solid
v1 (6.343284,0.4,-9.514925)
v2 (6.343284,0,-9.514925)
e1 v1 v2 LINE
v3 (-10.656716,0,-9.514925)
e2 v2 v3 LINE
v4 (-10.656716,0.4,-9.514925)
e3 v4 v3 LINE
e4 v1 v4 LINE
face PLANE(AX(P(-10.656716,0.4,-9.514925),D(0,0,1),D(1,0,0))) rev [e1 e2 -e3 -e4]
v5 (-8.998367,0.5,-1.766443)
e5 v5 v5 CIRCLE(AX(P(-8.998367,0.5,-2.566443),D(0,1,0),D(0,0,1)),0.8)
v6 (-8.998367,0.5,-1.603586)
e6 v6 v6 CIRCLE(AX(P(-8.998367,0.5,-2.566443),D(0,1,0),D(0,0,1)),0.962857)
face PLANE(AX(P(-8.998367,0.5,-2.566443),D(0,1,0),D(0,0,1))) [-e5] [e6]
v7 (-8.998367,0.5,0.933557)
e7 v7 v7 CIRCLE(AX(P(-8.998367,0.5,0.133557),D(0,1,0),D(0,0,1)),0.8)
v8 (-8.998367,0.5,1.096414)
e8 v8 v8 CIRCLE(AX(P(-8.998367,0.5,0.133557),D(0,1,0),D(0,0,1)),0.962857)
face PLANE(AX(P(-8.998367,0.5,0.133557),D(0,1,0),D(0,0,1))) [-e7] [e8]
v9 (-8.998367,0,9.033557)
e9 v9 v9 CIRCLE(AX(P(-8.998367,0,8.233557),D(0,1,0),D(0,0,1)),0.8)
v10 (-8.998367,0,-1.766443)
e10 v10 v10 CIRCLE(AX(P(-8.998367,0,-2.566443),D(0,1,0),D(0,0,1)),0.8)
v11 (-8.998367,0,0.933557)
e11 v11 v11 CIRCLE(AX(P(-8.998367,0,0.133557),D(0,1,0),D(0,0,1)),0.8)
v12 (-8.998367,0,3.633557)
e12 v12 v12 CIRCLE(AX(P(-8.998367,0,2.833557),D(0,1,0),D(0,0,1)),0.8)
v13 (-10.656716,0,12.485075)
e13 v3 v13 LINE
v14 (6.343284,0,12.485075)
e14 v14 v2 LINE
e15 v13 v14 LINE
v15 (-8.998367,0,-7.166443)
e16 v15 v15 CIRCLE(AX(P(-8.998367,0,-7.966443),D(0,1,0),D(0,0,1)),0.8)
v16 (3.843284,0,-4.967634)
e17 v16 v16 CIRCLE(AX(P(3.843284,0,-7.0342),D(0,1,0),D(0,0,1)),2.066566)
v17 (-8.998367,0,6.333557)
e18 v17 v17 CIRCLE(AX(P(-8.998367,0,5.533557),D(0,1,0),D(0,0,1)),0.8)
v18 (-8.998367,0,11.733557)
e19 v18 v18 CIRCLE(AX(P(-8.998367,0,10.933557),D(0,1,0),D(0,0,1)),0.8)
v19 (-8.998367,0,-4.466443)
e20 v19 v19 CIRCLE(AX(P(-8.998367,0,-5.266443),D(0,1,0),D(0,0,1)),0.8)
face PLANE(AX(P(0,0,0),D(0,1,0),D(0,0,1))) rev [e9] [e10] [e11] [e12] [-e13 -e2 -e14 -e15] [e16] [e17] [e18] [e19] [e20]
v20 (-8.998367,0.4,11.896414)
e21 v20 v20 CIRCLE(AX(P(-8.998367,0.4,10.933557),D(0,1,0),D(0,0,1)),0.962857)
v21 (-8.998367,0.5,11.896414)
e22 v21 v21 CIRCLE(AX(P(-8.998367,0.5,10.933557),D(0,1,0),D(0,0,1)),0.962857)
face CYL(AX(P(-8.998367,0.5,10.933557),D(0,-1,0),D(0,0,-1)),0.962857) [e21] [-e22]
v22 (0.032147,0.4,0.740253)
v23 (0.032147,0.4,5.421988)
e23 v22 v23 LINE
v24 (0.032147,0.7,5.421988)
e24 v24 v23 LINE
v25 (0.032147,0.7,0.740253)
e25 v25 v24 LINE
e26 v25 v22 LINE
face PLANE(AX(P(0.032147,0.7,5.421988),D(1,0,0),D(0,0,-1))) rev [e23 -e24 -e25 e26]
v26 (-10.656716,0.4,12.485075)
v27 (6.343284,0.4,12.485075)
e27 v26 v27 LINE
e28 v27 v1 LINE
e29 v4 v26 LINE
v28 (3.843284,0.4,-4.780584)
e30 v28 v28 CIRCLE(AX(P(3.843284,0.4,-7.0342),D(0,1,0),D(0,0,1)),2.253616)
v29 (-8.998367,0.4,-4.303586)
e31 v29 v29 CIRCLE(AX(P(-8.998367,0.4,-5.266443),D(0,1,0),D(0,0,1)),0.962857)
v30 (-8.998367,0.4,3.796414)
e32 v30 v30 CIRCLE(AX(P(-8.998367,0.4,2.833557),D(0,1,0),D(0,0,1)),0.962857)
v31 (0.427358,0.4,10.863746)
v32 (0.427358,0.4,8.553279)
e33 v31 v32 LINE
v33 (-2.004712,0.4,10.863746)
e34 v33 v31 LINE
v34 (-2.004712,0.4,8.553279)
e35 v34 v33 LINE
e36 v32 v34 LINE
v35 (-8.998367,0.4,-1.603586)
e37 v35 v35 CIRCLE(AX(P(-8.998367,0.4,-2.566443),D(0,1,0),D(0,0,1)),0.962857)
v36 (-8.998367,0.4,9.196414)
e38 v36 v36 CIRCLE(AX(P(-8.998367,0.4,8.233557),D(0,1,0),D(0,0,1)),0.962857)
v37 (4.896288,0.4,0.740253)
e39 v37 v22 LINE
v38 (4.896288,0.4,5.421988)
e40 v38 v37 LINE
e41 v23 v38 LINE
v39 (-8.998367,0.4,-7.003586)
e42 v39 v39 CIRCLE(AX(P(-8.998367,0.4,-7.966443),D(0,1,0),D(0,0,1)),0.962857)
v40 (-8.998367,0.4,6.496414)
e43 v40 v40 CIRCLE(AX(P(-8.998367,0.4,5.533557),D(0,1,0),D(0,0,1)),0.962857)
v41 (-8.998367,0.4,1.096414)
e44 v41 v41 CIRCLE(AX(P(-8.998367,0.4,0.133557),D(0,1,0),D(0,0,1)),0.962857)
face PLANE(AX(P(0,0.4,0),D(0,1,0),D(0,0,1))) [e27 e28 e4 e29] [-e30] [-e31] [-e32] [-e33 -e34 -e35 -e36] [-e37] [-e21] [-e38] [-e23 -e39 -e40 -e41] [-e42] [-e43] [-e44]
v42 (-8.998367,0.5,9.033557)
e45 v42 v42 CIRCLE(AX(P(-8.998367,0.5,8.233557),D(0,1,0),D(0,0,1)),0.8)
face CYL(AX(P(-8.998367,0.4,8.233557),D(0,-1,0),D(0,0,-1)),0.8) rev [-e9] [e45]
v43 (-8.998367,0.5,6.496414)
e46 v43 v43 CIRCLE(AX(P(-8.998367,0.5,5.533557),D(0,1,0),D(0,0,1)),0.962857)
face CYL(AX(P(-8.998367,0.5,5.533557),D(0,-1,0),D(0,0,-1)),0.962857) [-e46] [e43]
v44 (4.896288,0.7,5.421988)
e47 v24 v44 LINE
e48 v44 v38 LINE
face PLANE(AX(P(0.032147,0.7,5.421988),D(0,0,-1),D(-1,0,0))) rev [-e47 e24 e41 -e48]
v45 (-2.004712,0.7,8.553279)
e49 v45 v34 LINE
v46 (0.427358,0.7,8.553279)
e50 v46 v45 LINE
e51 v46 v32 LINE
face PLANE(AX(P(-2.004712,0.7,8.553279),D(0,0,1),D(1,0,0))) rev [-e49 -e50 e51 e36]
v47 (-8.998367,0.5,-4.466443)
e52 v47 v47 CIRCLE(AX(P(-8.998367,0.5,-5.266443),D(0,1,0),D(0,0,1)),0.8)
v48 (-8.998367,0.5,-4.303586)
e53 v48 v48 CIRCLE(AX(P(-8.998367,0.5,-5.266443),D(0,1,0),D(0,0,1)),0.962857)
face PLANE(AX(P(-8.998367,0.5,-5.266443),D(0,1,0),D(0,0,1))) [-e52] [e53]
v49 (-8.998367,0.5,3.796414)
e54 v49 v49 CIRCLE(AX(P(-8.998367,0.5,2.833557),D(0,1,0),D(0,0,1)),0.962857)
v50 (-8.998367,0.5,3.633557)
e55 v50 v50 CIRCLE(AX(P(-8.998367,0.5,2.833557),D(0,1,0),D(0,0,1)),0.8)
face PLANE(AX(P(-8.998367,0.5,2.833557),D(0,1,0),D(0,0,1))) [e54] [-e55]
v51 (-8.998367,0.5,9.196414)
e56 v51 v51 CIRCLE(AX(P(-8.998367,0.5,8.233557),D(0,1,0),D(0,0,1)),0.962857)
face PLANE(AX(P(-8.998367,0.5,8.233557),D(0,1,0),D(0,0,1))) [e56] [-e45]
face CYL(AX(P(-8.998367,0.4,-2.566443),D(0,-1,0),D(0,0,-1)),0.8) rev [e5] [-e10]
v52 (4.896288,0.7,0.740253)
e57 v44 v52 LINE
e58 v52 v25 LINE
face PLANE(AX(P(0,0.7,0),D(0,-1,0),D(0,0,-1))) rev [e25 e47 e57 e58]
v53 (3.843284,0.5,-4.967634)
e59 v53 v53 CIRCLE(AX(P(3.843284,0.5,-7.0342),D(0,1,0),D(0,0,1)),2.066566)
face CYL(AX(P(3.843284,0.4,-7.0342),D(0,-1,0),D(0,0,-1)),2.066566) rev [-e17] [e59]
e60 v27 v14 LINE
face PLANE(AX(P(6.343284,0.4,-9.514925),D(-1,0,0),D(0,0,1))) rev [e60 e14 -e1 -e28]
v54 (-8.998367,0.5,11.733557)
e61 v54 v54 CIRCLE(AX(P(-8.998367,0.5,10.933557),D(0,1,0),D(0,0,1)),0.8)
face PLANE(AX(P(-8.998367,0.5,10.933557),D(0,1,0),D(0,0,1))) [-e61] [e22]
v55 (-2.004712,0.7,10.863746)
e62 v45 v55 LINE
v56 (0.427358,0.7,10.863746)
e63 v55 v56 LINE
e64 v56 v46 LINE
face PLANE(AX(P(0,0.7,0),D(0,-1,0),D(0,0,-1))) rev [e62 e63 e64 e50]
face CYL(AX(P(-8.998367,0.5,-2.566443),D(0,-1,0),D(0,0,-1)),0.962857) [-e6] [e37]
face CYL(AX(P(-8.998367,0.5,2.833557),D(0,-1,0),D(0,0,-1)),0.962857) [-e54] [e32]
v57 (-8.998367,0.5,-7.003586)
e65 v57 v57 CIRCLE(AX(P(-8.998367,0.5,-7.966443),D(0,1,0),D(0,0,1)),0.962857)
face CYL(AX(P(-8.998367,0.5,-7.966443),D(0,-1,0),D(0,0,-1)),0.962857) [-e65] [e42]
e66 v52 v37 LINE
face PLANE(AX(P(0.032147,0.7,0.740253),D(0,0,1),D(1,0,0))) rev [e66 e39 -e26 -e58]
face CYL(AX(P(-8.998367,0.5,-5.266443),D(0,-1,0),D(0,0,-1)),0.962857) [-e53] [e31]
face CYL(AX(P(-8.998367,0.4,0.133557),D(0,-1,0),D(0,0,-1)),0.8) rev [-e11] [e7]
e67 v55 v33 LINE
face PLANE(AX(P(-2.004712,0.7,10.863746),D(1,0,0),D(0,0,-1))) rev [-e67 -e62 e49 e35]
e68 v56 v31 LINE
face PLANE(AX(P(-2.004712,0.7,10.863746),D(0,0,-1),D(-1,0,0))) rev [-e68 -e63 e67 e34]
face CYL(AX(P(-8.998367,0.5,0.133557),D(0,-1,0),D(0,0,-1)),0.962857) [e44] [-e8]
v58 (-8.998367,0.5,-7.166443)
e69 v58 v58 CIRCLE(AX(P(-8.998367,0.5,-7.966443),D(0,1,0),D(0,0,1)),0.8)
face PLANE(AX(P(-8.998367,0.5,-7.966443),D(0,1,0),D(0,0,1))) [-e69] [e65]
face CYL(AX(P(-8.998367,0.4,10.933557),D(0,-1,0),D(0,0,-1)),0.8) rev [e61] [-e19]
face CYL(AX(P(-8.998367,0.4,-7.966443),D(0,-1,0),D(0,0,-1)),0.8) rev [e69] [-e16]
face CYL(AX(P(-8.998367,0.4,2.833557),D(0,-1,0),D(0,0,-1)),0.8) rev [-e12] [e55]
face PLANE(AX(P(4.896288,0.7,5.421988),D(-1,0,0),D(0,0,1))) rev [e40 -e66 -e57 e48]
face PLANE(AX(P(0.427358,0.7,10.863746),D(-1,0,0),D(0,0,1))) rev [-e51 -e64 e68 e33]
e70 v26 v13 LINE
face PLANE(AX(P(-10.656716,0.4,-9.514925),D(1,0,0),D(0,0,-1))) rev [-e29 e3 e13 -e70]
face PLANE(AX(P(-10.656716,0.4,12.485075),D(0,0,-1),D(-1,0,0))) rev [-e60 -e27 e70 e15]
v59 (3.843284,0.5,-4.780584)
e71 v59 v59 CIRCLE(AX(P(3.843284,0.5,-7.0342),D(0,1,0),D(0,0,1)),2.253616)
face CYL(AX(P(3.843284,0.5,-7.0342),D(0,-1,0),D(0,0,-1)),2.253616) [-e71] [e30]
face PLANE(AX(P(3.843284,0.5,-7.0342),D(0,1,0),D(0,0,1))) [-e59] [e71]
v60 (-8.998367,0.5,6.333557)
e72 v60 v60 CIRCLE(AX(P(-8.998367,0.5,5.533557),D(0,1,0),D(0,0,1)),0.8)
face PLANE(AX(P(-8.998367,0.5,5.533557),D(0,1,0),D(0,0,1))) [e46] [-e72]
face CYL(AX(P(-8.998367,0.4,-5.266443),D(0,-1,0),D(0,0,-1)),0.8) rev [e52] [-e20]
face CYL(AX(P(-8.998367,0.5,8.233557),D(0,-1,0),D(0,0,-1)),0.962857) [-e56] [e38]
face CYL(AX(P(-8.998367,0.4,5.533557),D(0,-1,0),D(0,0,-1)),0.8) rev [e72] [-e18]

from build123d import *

# Parameters (mm, degrees)
SKETCH1_W           = 17
SKETCH1_H           = 22
SKETCH1_R           = 2.066566425
SKETCH1_R_2         = 0.8
BOSS_EXTRUDE2_DEPTH = 0.4
SKETCH3_R           = 2.253615782
SKETCH3_R_2         = 2.066566425
SKETCH3_R_3         = 0.962856641
SKETCH3_R_4         = 0.8
BOSS_EXTRUDE3_DEPTH = 0.1
SKETCH4_W           = 2.432070337
SKETCH4_H           = 2.310466819
SKETCH4_W_2         = 4.864140673
SKETCH4_H_2         = 4.681735398
BOSS_EXTRUDE4_DEPTH = 0.3


with BuildPart() as part:
    # Sketch1 → Boss-Extrude2 (new body)
    with BuildSketch(Plane(origin=(0, 0, 0), x_dir=(1, 0, 0), z_dir=(0, 1, 0))):
        with Locations((-2.156716418, -1.485074627)):
            Rectangle(SKETCH1_W, SKETCH1_H)
        with Locations(Location((3.843283582, 7.034200162, 0), (0, 0, 270))):
            Circle(SKETCH1_R, mode=Mode.SUBTRACT)
        with Locations(Location((-8.998366841, 7.966442948, 0), (0, 0, 270))):
            Circle(SKETCH1_R_2, mode=Mode.SUBTRACT)
        with Locations(Location((-8.998366841, 5.266442948, 0), (0, 0, 270))):
            Circle(SKETCH1_R_2, mode=Mode.SUBTRACT)
        with Locations(Location((-8.998366841, 2.566442948, 0), (0, 0, 270))):
            Circle(SKETCH1_R_2, mode=Mode.SUBTRACT)
        with Locations(Location((-8.998366841, -0.133557052, 0), (0, 0, 270))):
            Circle(SKETCH1_R_2, mode=Mode.SUBTRACT)
        with Locations(Location((-8.998366841, -2.833557052, 0), (0, 0, 270))):
            Circle(SKETCH1_R_2, mode=Mode.SUBTRACT)
        with Locations(Location((-8.998366841, -5.533557052, 0), (0, 0, 270))):
            Circle(SKETCH1_R_2, mode=Mode.SUBTRACT)
        with Locations(Location((-8.998366841, -8.233557052, 0), (0, 0, 270))):
            Circle(SKETCH1_R_2, mode=Mode.SUBTRACT)
        with Locations(Location((-8.998366841, -10.933557052, 0), (0, 0, 270))):
            Circle(SKETCH1_R_2, mode=Mode.SUBTRACT)
    extrude(amount=BOSS_EXTRUDE2_DEPTH)

    # Sketch3 → Boss-Extrude3 (add)
    # profile 1 of 9: a face of its own
    with BuildSketch(Plane(origin=(0, 0.4, 0), x_dir=(1, 0, 0), z_dir=(0, 1, 0))):
        with Locations(Location((3.843283582, 7.034200162, 0), (0, 0, 270))):
            Circle(SKETCH3_R)
        with Locations(Location((3.843283582, 7.034200162, 0), (0, 0, 270))):
            Circle(SKETCH3_R_2, mode=Mode.SUBTRACT)
    # profile 2 of 9: a face of its own
    with BuildSketch(Plane(origin=(0, 0.4, 0), x_dir=(1, 0, 0), z_dir=(0, 1, 0))):
        with Locations(Location((-8.998366841, 7.966442948, 0), (0, 0, 270))):
            Circle(SKETCH3_R_3)
        with Locations(Location((-8.998366841, 7.966442948, 0), (0, 0, 270))):
            Circle(SKETCH3_R_4, mode=Mode.SUBTRACT)
    # profile 3 of 9: a face of its own
    with BuildSketch(Plane(origin=(0, 0.4, 0), x_dir=(1, 0, 0), z_dir=(0, 1, 0))):
        with Locations(Location((-8.998366841, 5.266442948, 0), (0, 0, 270))):
            Circle(SKETCH3_R_3)
        with Locations(Location((-8.998366841, 5.266442948, 0), (0, 0, 270))):
            Circle(SKETCH3_R_4, mode=Mode.SUBTRACT)
    # profile 4 of 9: a face of its own
    with BuildSketch(Plane(origin=(0, 0.4, 0), x_dir=(1, 0, 0), z_dir=(0, 1, 0))):
        with Locations(Location((-8.998366841, 2.566442948, 0), (0, 0, 270))):
            Circle(SKETCH3_R_3)
        with Locations(Location((-8.998366841, 2.566442948, 0), (0, 0, 270))):
            Circle(SKETCH3_R_4, mode=Mode.SUBTRACT)
    # profile 5 of 9: a face of its own
    with BuildSketch(Plane(origin=(0, 0.4, 0), x_dir=(1, 0, 0), z_dir=(0, 1, 0))):
        with Locations(Location((-8.998366841, -0.133557052, 0), (0, 0, 270))):
            Circle(SKETCH3_R_3)
        with Locations(Location((-8.998366841, -0.133557052, 0), (0, 0, 270))):
            Circle(SKETCH3_R_4, mode=Mode.SUBTRACT)
    # profile 6 of 9: a face of its own
    with BuildSketch(Plane(origin=(0, 0.4, 0), x_dir=(1, 0, 0), z_dir=(0, 1, 0))):
        with Locations(Location((-8.998366841, -2.833557052, 0), (0, 0, 270))):
            Circle(SKETCH3_R_3)
        with Locations(Location((-8.998366841, -2.833557052, 0), (0, 0, 270))):
            Circle(SKETCH3_R_4, mode=Mode.SUBTRACT)
    # profile 7 of 9: a face of its own
    with BuildSketch(Plane(origin=(0, 0.4, 0), x_dir=(1, 0, 0), z_dir=(0, 1, 0))):
        with Locations(Location((-8.998366841, -5.533557052, 0), (0, 0, 270))):
            Circle(SKETCH3_R_3)
        with Locations(Location((-8.998366841, -5.533557052, 0), (0, 0, 270))):
            Circle(SKETCH3_R_4, mode=Mode.SUBTRACT)
    # profile 8 of 9: a face of its own
    with BuildSketch(Plane(origin=(0, 0.4, 0), x_dir=(1, 0, 0), z_dir=(0, 1, 0))):
        with Locations(Location((-8.998366841, -8.233557052, 0), (0, 0, 270))):
            Circle(SKETCH3_R_3)
        with Locations(Location((-8.998366841, -8.233557052, 0), (0, 0, 270))):
            Circle(SKETCH3_R_4, mode=Mode.SUBTRACT)
    # profile 9 of 9: a face of its own
    with BuildSketch(Plane(origin=(0, 0.4, 0), x_dir=(1, 0, 0), z_dir=(0, 1, 0))):
        with Locations(Location((-8.998366841, -10.933557052, 0), (0, 0, 270))):
            Circle(SKETCH3_R_3)
        with Locations(Location((-8.998366841, -10.933557052, 0), (0, 0, 270))):
            Circle(SKETCH3_R_4, mode=Mode.SUBTRACT)
    extrude(amount=BOSS_EXTRUDE3_DEPTH)

    # Sketch4 → Boss-Extrude4 (add)
    with BuildSketch(Plane(origin=(0, 0.4, 0), x_dir=(1, 0, 0), z_dir=(0, 1, 0))):
        with Locations((-0.788676854, -9.708512452)):
            Rectangle(SKETCH4_W, SKETCH4_H)
        with Locations((2.464217222, -3.081120785)):
            Rectangle(SKETCH4_W_2, SKETCH4_H_2)
    extrude(amount=BOSS_EXTRUDE4_DEPTH)


solid = part.part
